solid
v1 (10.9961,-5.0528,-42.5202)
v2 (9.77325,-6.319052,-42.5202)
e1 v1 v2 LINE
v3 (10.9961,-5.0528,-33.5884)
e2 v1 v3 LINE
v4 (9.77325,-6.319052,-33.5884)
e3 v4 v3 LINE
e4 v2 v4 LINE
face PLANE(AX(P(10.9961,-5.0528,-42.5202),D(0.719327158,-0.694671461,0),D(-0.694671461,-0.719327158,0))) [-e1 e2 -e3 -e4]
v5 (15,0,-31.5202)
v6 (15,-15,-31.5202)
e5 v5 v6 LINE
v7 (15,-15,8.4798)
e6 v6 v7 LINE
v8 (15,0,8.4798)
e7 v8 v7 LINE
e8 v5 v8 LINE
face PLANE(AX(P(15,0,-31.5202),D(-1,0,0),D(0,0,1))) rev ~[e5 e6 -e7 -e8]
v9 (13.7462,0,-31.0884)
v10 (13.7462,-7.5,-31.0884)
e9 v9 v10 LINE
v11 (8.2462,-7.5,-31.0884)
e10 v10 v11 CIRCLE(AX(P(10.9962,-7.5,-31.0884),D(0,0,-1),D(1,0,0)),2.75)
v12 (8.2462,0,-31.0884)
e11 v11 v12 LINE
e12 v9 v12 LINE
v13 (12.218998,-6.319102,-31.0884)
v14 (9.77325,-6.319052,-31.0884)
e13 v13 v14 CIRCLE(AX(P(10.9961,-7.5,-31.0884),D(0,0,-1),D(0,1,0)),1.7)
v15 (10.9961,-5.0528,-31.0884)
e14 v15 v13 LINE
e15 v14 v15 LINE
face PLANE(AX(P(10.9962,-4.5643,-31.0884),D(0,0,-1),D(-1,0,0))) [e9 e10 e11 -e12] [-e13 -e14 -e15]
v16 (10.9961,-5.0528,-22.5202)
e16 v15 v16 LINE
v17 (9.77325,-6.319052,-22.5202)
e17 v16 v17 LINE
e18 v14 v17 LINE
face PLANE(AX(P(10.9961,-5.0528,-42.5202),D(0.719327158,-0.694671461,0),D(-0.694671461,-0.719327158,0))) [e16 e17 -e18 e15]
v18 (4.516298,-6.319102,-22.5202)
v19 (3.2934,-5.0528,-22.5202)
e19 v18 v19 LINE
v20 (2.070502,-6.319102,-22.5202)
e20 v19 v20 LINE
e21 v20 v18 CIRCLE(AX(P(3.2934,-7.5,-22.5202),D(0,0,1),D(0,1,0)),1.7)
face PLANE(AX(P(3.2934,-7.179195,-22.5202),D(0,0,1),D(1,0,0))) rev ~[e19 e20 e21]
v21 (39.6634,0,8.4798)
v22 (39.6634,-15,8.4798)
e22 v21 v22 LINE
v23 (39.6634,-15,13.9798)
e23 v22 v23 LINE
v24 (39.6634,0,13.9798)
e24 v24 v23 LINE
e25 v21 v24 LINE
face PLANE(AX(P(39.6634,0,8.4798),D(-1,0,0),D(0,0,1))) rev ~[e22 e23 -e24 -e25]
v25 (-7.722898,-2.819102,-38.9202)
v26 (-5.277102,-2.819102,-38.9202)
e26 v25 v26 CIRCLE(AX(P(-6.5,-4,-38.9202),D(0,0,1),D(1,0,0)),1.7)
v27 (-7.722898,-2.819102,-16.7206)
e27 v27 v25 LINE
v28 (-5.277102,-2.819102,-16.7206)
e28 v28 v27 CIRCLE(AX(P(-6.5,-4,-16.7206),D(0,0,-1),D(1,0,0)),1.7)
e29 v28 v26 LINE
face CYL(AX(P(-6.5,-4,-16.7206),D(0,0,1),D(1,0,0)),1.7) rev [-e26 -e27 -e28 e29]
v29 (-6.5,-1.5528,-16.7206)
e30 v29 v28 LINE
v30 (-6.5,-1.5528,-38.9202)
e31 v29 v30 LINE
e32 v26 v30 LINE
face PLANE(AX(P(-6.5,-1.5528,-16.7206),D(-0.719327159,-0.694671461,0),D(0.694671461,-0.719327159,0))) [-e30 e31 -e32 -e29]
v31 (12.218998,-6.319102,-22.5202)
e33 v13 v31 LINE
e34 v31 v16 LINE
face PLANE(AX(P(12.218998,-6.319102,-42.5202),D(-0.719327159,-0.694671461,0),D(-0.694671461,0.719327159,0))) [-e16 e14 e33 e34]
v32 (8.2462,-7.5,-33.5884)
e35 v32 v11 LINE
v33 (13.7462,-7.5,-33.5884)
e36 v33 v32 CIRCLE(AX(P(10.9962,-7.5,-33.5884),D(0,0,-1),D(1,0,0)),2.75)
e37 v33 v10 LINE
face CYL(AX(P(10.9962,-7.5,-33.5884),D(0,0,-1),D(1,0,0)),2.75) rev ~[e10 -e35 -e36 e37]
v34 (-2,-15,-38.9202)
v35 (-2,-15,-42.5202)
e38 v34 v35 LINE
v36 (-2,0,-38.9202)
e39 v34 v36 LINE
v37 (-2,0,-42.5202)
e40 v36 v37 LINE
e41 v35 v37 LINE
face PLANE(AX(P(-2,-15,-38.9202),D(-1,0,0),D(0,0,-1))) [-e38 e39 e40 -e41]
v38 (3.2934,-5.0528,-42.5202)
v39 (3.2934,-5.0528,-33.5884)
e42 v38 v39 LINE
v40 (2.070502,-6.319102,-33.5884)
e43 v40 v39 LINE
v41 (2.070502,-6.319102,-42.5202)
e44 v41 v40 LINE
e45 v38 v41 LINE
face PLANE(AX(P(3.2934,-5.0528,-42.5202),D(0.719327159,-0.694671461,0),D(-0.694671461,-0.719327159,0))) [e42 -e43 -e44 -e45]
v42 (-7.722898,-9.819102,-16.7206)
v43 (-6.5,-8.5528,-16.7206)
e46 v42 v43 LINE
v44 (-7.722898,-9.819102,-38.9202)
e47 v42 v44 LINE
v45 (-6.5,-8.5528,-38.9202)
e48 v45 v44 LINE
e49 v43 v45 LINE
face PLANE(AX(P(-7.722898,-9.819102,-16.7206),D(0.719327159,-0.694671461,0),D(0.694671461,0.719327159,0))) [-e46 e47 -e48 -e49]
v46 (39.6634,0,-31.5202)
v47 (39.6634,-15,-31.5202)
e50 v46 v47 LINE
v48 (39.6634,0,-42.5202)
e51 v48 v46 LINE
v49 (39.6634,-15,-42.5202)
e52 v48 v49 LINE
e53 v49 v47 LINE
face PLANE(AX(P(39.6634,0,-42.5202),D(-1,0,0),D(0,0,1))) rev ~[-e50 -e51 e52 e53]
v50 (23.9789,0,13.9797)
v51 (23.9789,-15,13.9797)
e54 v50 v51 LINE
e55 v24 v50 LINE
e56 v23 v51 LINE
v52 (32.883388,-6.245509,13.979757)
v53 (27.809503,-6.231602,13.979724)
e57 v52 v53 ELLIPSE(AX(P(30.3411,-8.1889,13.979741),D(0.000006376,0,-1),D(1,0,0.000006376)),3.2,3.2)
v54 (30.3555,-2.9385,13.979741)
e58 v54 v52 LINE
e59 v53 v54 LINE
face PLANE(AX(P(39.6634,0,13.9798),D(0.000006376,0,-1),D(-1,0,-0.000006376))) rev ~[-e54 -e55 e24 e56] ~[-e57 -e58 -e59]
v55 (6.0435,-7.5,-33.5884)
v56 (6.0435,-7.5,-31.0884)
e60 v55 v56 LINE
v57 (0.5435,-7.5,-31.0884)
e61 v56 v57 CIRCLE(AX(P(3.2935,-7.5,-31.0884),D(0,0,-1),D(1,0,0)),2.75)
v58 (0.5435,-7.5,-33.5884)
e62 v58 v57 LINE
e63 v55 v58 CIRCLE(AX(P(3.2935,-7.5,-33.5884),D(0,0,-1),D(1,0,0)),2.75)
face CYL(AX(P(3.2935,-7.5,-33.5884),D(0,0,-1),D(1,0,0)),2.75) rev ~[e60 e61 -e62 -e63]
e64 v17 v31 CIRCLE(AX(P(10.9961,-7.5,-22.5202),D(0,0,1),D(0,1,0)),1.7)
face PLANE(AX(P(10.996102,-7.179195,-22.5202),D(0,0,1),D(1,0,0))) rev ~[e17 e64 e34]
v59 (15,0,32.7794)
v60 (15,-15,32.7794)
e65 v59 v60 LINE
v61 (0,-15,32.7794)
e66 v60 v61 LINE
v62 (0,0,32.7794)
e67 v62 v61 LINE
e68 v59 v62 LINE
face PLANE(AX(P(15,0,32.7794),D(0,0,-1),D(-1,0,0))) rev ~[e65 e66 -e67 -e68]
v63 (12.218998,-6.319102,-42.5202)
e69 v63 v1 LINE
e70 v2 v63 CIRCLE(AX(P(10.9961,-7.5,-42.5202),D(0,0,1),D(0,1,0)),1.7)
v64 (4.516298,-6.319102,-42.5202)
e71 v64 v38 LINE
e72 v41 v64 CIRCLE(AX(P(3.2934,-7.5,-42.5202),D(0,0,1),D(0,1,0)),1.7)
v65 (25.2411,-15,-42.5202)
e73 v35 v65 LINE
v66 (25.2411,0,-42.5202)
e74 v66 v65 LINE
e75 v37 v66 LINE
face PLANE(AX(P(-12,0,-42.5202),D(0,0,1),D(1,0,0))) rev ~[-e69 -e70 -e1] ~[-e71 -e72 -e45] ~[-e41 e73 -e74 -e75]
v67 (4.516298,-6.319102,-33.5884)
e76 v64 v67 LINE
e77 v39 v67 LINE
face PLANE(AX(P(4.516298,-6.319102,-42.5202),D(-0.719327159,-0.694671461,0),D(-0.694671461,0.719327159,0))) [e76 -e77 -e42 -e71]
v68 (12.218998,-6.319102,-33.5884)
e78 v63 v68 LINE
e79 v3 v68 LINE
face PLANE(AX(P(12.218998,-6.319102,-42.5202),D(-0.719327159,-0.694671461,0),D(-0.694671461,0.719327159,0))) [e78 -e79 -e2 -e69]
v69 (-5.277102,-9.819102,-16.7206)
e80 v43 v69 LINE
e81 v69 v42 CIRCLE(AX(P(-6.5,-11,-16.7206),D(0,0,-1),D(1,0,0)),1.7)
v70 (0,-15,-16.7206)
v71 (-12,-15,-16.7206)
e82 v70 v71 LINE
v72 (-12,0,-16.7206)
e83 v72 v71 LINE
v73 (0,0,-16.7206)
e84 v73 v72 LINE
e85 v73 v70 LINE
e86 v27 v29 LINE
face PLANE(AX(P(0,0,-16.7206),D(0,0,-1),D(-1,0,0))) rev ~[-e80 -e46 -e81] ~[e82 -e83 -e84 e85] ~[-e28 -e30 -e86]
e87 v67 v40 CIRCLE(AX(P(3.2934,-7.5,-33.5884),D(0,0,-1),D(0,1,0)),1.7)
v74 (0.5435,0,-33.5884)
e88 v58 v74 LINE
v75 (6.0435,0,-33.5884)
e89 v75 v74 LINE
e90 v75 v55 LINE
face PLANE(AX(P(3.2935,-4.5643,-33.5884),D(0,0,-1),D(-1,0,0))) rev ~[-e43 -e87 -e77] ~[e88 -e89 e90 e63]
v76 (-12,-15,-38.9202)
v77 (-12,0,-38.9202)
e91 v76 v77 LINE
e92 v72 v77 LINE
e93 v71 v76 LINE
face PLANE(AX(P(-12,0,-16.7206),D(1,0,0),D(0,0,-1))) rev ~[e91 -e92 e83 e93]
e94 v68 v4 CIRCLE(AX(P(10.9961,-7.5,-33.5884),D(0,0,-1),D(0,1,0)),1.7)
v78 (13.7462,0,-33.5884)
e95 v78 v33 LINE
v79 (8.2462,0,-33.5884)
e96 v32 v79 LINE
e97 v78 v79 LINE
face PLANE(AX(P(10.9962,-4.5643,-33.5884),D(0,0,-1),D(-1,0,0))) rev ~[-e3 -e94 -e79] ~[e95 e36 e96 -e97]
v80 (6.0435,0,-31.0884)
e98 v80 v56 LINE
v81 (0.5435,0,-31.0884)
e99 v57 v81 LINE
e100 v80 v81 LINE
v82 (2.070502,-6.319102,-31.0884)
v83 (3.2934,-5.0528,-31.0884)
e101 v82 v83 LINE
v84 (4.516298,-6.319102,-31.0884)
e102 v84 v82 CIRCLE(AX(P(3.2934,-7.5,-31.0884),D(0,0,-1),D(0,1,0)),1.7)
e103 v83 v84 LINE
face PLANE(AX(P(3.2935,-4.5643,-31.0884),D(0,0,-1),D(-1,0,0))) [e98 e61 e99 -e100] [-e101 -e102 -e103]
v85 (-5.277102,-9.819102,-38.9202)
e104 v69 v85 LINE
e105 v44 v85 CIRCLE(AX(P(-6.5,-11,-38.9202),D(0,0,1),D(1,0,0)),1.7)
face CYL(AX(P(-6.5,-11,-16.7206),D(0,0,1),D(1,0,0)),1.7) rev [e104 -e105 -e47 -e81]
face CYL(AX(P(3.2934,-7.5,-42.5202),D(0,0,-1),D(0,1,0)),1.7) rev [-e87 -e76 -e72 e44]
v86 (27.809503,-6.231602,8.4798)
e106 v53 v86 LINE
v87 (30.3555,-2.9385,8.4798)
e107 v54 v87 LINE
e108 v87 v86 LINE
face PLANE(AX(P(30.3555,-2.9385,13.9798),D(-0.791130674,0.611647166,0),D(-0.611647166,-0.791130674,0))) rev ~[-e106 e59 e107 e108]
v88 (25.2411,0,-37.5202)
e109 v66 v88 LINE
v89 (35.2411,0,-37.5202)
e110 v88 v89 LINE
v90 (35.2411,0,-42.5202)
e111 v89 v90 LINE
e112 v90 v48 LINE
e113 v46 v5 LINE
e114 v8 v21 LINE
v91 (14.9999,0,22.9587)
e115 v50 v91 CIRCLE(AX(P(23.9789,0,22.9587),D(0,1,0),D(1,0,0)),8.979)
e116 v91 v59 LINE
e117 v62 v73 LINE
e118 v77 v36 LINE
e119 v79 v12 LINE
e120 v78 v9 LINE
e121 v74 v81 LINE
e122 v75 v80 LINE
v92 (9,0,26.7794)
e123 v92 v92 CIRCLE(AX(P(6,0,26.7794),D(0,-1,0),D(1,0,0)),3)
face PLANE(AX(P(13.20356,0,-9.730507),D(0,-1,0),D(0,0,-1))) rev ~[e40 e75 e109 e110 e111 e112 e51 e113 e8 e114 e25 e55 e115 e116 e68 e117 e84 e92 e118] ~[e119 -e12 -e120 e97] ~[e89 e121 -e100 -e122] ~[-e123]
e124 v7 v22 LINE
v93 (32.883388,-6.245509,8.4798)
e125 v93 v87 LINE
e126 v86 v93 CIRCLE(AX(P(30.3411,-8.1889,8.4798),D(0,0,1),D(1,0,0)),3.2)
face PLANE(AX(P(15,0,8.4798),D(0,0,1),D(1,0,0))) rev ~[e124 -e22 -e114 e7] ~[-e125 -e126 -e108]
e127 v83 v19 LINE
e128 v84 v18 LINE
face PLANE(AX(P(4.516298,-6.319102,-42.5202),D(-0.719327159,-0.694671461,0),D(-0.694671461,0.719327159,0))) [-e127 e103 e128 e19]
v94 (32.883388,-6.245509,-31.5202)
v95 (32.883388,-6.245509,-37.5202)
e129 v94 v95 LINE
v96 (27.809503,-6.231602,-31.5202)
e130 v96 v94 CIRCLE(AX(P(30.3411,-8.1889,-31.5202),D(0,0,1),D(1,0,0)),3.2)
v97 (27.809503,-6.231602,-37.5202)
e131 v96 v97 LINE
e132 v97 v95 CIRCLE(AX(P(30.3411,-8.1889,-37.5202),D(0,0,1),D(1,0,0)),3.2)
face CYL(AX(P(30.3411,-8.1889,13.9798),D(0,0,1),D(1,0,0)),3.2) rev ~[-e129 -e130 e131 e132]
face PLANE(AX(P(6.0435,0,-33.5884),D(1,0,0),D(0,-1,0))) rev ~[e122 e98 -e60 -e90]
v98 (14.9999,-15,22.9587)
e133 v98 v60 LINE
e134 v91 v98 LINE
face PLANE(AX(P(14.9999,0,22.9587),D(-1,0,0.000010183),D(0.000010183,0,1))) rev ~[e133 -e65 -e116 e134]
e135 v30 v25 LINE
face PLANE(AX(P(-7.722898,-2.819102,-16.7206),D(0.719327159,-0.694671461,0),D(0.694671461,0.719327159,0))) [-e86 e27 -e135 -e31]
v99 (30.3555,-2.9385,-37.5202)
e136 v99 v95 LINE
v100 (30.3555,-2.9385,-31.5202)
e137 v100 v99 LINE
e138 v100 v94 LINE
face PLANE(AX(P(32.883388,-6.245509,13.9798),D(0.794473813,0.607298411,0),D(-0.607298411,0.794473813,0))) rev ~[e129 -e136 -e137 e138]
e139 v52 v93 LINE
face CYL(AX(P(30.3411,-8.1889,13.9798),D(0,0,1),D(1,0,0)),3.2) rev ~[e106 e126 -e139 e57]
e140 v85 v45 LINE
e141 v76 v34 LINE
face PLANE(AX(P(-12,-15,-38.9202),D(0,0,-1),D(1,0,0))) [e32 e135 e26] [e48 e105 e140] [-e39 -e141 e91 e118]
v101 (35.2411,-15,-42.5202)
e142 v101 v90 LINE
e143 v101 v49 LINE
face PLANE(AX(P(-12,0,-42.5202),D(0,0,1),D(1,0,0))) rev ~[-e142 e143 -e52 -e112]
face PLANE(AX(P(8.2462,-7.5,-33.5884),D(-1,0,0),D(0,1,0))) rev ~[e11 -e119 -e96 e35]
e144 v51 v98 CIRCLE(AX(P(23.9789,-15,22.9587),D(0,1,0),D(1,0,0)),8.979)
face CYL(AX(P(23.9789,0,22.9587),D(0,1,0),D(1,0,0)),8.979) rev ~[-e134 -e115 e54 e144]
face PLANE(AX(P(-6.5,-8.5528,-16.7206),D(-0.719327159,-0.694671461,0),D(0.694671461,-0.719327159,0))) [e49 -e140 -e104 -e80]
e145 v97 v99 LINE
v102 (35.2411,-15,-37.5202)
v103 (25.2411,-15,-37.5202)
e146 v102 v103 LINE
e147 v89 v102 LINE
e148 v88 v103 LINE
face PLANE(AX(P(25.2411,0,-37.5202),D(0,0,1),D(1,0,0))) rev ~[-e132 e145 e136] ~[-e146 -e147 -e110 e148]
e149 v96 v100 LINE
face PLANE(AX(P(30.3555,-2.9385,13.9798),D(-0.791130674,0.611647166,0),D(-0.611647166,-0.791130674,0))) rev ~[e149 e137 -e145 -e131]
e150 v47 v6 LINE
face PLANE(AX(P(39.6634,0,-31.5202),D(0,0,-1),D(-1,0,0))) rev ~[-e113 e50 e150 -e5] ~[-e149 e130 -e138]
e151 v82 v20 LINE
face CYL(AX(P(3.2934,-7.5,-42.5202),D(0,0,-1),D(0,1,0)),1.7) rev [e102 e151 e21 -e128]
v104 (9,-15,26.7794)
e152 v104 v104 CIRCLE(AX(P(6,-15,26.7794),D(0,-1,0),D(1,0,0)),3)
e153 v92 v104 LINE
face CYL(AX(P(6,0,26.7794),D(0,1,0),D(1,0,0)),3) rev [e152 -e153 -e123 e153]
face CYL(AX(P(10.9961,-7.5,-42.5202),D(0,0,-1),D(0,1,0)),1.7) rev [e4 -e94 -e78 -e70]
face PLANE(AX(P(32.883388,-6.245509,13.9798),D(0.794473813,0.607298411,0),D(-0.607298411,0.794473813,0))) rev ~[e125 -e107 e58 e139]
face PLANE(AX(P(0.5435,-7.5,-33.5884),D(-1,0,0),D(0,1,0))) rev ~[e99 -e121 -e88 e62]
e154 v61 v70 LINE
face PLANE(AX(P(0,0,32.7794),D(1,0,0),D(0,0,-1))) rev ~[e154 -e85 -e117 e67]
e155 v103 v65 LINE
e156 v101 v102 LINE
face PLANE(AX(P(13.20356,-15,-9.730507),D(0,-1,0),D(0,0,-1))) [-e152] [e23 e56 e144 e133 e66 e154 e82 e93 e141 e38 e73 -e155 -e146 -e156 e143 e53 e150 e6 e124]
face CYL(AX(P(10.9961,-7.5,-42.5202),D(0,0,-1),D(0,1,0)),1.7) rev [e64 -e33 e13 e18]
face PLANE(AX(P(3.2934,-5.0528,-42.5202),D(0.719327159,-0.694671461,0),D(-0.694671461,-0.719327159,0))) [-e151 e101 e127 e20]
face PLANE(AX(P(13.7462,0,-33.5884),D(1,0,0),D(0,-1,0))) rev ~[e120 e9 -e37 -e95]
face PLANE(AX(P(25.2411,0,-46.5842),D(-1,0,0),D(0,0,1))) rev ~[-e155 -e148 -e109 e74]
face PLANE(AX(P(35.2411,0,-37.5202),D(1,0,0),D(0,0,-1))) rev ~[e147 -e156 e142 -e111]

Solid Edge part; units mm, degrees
sketch "Sketch1" plane through (0, 0, 0) normal (0, -1, 0) x (1, 0, 0)
  line L0 (0, 32.7794) -> (0, -16.7206)
  line L1 (0, -16.7206) -> (-12, -16.7206)
  line L2 (-12, -16.7206) -> (-12, -42.5202)
  line L3 (-12, -42.5202) -> (39.6634, -42.5202)
  line L4 (39.6634, -42.5202) -> (39.6634, -31.5202)
  line L5 (39.6634, -31.5202) -> (15, -31.5202)
  line L6 (15, -31.5202) -> (15, 8.4798)
  line L7 (15, 8.4798) -> (39.6634, 8.4798)
  line L8 (39.6634, 8.4798) -> (39.6634, 13.9798)
  line L9 (39.6634, 13.9798) -> (23.9789, 13.9798)
  arc A0 (23.9789, 13.9798) -> (15, 22.9587) centre (23.9789, 22.9587) cw
  line L10 (15, 22.9587) -> (15, 32.7794)
  line L11 (15, 32.7794) -> (0, 32.7794)
  circle A1 centre (6, 26.7794) radius 3
  dimension "D1" = 6
  dimension "D2" = 15
  dimension "D3" = 6
  dimension "D4" = 6
  dimension "D5" = 12
  dimension "D6" = 11
  dimension "D7" = 25.7996
  dimension "D8" = 18.7996
  dimension "D9" = 40
  dimension "D10" = 5.5
extrude "Protrusion1" add sketch "Sketch1" along normal blind 15
sketch "Sketch2" plane through (12.5, -15, -0.5832) normal (0, -1, 0) x (0, 0, 1)
  line L0 (-38.337, 24.5) -> (-38.337, 14.5)
  line L1 (-38.337, 14.5) -> (-41.937, 14.5)
  line L2 (-41.937, 14.5) -> (-41.937, 24.5)
  line L3 (-41.937, 24.5) -> (-38.337, 24.5)
  dimension "D1" = 10
  dimension "D2" = 3.6
extrude "Cutout1" cut sketch "Sketch2" against normal through all
sketch "Sketch3" plane through (-6, -7.5, -16.7206) normal (0, 0, 1) x (1, 0, 0)
  line L0 (-1.7229, -2.3191) -> (-0.5, -1.0528)
  line L1 (-0.5, -1.0528) -> (0.7229, -2.3191)
  arc A0 (0.7229, -2.3191) -> (-1.7229, -2.3191) centre (-0.5, -3.5) cw
  line L2 (-1.7229, 4.6809) -> (-0.5, 5.9472)
  line L3 (-0.5, 5.9472) -> (0.7229, 4.6809)
  arc A1 (0.7229, 4.6809) -> (-1.7229, 4.6809) centre (-0.5, 3.5) cw
extrude "Cutout2" cut sketch "Sketch3" against normal through all
sketch "Sketch4" plane through (24.5, -7.5, 13.9798) normal (0, 0, 1) x (1, 0, 0)
  line L0 (8.3834, 1.2545) -> (5.8555, 4.5615)
  line L1 (5.8555, 4.5615) -> (3.3095, 1.2684)
  arc A0 (3.3095, 1.2684) -> (8.3834, 1.2545) centre (5.8411, -0.6889) ccw
extrude "Cutout3" cut sketch "Sketch4" against normal through all
sketch "Sketch5" plane through (15.5, 0, -7.0884) normal (0, 1, 0) x (-1, 0, 0)
  line L0 (-19.7411, -39.4958) -> (-9.7411, -39.4958)
  line L1 (-9.7411, -39.4958) -> (-9.7411, -30.4318)
  line L2 (-9.7411, -30.4318) -> (-19.7411, -30.4318)
  line L3 (-19.7411, -30.4318) -> (-19.7411, -39.4958)
  dimension "D1" = 10
  dimension "D2" = 5
  dimension "D3" = 1.7
extrude "Cutout4" cut sketch "Sketch5" against normal through all
sketch "Sketch6" plane through (10.293, -7.5, -42.5202) normal (0, 0, -1) x (0, 1, 0)
  line L0 (1.1809, -5.7767) -> (2.4472, -6.9996)
  line L1 (2.4472, -6.9996) -> (1.1809, -8.2225)
  arc A0 (1.1809, -8.2225) -> (1.1809, -5.7767) centre (0, -6.9996) cw
  line L2 (1.1809, 1.926) -> (2.4472, 0.7031)
  line L3 (2.4472, 0.7031) -> (1.1809, -0.5197)
  arc A1 (1.1809, -0.5197) -> (1.1809, 1.926) centre (0, 0.7031) cw
extrude "ExtrudedCutout_5" cut sketch "Sketch6" against normal blind 20
sketch "Sketch7" plane through (0, 0, -33.5884) normal (0, 0, 1) x (1, 0, 0)
  line L0 (8.2462, -7.5) -> (8.2462, 0)
  line L1 (13.7462, 0) -> (8.2462, 0)
  line L2 (13.7462, 0) -> (13.7462, -7.5)
  arc A0 (13.7462, -7.5) -> (8.2462, -7.5) centre (10.9962, -7.5) cw
  line L3 (6.0435, 0) -> (6.0435, -7.5)
  arc A1 (6.0435, -7.5) -> (0.5435, -7.5) centre (3.2935, -7.5) cw
  line L4 (0.5435, -7.5) -> (0.5435, 0)
  line L5 (6.0435, 0) -> (0.5435, 0)
extrude "ExtrudedCutout_8" cut sketch "Sketch7" along normal blind 2.5
properties material "Steel"
